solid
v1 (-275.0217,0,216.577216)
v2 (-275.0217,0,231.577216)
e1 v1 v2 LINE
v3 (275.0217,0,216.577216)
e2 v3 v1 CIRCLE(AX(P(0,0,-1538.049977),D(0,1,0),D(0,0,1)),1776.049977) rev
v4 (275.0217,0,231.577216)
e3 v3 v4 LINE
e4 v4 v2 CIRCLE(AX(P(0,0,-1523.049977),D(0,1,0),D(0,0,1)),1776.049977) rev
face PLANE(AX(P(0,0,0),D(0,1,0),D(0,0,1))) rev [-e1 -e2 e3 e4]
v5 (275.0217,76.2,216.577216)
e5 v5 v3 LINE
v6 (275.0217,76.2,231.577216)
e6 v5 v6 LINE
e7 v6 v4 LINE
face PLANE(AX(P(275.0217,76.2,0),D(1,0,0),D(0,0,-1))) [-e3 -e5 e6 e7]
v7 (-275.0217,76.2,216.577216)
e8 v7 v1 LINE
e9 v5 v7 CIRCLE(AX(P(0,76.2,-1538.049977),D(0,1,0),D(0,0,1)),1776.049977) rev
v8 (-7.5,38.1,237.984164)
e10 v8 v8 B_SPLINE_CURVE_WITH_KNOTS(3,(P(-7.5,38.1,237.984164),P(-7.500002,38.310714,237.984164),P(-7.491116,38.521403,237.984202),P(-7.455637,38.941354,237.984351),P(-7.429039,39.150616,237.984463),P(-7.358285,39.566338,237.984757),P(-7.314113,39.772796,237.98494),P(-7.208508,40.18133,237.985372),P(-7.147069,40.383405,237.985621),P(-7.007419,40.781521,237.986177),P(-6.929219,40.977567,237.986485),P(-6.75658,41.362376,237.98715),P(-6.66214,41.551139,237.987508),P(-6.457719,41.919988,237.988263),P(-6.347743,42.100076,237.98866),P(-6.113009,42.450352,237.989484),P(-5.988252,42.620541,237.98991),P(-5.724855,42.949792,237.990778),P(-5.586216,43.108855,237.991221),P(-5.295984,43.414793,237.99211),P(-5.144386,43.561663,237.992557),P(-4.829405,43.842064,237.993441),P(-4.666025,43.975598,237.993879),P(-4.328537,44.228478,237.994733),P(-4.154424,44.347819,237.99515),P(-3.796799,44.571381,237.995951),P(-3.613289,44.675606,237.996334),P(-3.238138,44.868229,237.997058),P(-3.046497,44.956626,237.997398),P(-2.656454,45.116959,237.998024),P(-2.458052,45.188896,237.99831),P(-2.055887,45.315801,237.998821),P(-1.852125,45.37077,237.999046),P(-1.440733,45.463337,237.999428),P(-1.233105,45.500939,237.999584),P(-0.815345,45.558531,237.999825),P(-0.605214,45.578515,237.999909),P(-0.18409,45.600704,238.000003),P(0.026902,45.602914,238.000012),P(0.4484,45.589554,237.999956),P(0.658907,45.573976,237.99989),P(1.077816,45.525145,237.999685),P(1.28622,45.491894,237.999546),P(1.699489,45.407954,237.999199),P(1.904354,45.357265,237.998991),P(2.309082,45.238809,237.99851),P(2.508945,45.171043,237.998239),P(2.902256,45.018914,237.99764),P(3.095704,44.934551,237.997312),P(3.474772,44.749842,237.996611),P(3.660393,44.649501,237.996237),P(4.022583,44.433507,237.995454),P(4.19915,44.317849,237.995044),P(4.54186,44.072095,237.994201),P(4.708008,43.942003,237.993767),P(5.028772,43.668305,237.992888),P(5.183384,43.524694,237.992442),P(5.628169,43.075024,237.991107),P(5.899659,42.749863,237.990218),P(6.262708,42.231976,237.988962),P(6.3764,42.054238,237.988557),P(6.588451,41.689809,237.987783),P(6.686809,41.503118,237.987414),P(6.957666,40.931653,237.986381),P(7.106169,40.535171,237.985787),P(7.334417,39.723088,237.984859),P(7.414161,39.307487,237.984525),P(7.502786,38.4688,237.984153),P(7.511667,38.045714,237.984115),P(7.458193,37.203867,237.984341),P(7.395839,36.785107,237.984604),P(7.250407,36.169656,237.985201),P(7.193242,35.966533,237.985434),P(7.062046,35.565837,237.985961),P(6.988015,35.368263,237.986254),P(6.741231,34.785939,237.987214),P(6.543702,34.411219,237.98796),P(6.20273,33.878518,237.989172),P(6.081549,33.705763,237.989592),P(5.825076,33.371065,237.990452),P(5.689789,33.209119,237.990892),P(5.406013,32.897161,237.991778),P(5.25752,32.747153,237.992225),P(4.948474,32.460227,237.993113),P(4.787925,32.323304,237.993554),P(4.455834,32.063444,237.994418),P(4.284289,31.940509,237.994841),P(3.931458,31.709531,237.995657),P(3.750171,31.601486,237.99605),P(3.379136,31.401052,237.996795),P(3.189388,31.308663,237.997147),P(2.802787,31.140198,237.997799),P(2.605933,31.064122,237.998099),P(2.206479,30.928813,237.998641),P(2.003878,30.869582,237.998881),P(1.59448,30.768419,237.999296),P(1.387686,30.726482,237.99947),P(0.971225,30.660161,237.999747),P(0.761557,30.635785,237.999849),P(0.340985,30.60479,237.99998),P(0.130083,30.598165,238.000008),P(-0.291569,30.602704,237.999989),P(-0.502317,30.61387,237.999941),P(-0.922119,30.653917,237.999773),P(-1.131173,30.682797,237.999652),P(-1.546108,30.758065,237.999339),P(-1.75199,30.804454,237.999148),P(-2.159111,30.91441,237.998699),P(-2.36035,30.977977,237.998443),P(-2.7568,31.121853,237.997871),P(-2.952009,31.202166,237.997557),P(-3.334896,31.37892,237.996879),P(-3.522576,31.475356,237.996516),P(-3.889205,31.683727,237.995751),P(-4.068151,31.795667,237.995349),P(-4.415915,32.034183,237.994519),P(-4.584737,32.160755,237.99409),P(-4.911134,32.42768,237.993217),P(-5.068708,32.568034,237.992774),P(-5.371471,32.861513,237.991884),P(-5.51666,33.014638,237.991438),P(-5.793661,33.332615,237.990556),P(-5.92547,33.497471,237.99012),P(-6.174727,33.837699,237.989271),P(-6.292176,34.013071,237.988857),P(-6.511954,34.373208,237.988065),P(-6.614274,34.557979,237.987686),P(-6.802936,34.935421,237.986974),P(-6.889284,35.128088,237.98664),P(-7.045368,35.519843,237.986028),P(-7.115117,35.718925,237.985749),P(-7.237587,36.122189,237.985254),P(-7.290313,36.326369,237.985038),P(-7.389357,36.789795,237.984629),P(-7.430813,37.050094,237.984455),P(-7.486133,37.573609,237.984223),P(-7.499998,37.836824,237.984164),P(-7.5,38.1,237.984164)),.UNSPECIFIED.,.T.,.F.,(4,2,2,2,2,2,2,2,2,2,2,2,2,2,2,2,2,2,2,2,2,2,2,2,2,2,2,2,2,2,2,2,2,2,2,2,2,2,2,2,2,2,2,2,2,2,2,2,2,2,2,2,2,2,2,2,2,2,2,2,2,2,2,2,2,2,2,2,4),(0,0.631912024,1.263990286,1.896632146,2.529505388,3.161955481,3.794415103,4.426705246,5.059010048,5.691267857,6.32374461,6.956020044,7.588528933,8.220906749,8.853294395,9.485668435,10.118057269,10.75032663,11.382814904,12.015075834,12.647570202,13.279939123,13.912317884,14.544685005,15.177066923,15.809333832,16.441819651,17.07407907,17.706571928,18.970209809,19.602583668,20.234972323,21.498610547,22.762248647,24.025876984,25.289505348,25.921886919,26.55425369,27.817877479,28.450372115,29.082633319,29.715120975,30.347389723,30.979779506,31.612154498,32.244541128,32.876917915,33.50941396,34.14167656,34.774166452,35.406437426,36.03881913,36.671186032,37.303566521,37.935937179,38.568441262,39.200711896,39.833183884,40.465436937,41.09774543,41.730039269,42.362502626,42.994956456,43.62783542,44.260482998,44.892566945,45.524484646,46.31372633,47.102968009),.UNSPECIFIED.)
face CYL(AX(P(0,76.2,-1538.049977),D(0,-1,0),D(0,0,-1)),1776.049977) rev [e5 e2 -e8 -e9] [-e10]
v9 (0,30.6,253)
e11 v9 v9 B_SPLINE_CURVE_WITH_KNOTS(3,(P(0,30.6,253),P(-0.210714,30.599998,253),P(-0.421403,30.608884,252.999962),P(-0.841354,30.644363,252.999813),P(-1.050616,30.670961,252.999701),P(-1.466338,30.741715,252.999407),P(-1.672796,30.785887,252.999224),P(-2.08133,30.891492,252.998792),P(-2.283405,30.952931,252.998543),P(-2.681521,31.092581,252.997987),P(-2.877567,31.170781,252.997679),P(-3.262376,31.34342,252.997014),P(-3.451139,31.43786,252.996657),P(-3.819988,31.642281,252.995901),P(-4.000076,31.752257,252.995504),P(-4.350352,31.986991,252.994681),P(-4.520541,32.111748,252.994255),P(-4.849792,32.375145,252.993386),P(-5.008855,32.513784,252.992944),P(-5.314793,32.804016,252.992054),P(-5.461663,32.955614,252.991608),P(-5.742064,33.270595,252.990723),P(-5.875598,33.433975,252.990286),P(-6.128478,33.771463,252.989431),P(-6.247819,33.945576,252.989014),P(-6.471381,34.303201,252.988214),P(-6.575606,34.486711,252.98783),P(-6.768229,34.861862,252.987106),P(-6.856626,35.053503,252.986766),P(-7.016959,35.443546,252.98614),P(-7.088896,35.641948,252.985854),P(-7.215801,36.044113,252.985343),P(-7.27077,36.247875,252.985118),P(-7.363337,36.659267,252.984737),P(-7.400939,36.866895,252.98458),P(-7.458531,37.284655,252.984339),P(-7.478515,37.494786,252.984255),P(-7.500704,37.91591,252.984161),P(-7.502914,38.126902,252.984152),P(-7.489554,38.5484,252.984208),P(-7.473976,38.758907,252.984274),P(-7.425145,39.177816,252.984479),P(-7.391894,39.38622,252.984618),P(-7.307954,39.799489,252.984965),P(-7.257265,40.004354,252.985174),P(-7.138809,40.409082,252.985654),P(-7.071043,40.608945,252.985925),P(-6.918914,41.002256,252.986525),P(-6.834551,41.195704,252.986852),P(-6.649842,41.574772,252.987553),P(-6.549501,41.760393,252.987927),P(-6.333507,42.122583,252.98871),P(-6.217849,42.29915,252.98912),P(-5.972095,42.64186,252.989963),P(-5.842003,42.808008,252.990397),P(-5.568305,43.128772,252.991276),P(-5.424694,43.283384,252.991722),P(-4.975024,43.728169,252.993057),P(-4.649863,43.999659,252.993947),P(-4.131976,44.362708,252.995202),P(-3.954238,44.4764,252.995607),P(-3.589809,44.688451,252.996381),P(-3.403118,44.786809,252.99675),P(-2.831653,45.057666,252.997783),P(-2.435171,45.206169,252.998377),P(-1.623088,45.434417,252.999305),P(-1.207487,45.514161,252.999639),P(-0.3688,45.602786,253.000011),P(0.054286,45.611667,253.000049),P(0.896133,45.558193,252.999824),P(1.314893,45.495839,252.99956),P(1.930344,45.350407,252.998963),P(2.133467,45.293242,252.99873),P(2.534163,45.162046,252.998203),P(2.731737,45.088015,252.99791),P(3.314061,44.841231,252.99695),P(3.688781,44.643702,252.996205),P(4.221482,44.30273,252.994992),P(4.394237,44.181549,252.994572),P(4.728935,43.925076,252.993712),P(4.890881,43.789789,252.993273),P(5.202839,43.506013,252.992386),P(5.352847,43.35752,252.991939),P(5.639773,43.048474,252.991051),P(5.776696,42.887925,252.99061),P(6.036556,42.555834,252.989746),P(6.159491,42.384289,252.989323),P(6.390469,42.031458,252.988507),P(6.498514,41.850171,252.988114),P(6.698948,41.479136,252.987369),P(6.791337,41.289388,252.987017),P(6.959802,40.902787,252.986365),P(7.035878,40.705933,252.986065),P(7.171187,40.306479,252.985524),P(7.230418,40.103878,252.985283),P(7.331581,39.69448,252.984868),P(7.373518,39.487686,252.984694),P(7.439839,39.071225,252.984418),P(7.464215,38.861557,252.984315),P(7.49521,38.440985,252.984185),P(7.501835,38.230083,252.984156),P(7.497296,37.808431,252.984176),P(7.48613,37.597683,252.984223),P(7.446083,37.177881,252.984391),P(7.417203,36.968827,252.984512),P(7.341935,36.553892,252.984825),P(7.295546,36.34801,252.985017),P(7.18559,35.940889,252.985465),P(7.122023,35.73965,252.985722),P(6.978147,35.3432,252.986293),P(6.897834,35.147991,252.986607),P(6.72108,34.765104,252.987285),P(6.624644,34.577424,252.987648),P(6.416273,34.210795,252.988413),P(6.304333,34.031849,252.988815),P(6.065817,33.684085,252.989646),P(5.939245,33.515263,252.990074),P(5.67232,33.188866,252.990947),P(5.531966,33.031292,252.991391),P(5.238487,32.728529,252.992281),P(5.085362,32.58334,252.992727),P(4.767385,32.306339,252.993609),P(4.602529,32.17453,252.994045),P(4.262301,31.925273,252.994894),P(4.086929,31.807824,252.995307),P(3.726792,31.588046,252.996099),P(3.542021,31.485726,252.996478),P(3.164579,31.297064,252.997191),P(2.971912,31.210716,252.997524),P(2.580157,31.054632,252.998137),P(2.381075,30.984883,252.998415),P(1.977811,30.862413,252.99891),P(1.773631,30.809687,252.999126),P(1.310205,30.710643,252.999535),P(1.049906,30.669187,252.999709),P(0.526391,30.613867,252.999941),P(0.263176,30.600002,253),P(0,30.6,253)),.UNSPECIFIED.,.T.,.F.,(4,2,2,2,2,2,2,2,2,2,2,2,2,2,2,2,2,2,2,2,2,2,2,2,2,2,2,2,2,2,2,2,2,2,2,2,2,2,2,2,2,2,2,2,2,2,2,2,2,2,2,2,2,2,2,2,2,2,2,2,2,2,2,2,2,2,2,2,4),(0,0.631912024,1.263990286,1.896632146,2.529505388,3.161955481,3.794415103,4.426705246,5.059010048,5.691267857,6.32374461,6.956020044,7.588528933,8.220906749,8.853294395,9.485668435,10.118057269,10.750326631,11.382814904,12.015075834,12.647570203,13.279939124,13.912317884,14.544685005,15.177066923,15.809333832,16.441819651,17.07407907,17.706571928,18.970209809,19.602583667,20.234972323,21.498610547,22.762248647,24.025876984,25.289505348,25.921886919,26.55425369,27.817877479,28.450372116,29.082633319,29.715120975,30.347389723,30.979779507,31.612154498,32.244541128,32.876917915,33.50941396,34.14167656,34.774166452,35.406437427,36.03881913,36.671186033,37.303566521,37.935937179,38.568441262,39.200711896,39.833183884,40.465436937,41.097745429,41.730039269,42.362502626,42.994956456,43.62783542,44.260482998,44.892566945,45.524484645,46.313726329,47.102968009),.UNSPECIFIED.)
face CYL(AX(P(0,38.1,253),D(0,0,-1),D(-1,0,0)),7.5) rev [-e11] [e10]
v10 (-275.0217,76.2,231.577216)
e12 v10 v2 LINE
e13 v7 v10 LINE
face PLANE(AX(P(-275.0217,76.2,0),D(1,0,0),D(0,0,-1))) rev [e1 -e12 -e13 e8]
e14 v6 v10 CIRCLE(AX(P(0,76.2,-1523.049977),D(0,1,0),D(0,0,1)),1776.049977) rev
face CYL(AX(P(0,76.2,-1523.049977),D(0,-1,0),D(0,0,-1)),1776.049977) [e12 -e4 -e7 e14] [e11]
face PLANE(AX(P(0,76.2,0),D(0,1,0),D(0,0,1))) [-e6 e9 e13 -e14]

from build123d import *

# Parameters (mm, degrees)
BOSS_EXTRUDE1_DEPTH = 76.2
SKETCH12_R          = 7.5
CUT_EXTRUDE1_DEPTH  = 254


with BuildPart() as part:
    # Sketch1 → Boss-Extrude1 (new body)
    with BuildSketch(Plane(origin=(0, 0, 0), x_dir=(1, 0, 0), z_dir=(0, 1, 0))):
        with BuildLine():
            ThreePointArc((275.021699517, -216.577215773), (0, -238), (-275.021699517, -216.577215773))
            Line((-275.021699517, -216.577215773), (-275.021699517, -231.577215773))
            ThreePointArc((-275.021699517, -231.577215773), (0, -253), (275.021699517, -231.577215773))
            Line((275.021699517, -231.577215773), (275.021699517, -216.577215773))
        make_face()
    extrude(amount=BOSS_EXTRUDE1_DEPTH)

    # Sketch12 → Cut-Extrude1 (cut, through all)
    with BuildSketch(Plane.XY):
        with Locations((0, 38.1)):
            Circle(SKETCH12_R)
    extrude(amount=CUT_EXTRUDE1_DEPTH, mode=Mode.SUBTRACT)


solid = part.part
